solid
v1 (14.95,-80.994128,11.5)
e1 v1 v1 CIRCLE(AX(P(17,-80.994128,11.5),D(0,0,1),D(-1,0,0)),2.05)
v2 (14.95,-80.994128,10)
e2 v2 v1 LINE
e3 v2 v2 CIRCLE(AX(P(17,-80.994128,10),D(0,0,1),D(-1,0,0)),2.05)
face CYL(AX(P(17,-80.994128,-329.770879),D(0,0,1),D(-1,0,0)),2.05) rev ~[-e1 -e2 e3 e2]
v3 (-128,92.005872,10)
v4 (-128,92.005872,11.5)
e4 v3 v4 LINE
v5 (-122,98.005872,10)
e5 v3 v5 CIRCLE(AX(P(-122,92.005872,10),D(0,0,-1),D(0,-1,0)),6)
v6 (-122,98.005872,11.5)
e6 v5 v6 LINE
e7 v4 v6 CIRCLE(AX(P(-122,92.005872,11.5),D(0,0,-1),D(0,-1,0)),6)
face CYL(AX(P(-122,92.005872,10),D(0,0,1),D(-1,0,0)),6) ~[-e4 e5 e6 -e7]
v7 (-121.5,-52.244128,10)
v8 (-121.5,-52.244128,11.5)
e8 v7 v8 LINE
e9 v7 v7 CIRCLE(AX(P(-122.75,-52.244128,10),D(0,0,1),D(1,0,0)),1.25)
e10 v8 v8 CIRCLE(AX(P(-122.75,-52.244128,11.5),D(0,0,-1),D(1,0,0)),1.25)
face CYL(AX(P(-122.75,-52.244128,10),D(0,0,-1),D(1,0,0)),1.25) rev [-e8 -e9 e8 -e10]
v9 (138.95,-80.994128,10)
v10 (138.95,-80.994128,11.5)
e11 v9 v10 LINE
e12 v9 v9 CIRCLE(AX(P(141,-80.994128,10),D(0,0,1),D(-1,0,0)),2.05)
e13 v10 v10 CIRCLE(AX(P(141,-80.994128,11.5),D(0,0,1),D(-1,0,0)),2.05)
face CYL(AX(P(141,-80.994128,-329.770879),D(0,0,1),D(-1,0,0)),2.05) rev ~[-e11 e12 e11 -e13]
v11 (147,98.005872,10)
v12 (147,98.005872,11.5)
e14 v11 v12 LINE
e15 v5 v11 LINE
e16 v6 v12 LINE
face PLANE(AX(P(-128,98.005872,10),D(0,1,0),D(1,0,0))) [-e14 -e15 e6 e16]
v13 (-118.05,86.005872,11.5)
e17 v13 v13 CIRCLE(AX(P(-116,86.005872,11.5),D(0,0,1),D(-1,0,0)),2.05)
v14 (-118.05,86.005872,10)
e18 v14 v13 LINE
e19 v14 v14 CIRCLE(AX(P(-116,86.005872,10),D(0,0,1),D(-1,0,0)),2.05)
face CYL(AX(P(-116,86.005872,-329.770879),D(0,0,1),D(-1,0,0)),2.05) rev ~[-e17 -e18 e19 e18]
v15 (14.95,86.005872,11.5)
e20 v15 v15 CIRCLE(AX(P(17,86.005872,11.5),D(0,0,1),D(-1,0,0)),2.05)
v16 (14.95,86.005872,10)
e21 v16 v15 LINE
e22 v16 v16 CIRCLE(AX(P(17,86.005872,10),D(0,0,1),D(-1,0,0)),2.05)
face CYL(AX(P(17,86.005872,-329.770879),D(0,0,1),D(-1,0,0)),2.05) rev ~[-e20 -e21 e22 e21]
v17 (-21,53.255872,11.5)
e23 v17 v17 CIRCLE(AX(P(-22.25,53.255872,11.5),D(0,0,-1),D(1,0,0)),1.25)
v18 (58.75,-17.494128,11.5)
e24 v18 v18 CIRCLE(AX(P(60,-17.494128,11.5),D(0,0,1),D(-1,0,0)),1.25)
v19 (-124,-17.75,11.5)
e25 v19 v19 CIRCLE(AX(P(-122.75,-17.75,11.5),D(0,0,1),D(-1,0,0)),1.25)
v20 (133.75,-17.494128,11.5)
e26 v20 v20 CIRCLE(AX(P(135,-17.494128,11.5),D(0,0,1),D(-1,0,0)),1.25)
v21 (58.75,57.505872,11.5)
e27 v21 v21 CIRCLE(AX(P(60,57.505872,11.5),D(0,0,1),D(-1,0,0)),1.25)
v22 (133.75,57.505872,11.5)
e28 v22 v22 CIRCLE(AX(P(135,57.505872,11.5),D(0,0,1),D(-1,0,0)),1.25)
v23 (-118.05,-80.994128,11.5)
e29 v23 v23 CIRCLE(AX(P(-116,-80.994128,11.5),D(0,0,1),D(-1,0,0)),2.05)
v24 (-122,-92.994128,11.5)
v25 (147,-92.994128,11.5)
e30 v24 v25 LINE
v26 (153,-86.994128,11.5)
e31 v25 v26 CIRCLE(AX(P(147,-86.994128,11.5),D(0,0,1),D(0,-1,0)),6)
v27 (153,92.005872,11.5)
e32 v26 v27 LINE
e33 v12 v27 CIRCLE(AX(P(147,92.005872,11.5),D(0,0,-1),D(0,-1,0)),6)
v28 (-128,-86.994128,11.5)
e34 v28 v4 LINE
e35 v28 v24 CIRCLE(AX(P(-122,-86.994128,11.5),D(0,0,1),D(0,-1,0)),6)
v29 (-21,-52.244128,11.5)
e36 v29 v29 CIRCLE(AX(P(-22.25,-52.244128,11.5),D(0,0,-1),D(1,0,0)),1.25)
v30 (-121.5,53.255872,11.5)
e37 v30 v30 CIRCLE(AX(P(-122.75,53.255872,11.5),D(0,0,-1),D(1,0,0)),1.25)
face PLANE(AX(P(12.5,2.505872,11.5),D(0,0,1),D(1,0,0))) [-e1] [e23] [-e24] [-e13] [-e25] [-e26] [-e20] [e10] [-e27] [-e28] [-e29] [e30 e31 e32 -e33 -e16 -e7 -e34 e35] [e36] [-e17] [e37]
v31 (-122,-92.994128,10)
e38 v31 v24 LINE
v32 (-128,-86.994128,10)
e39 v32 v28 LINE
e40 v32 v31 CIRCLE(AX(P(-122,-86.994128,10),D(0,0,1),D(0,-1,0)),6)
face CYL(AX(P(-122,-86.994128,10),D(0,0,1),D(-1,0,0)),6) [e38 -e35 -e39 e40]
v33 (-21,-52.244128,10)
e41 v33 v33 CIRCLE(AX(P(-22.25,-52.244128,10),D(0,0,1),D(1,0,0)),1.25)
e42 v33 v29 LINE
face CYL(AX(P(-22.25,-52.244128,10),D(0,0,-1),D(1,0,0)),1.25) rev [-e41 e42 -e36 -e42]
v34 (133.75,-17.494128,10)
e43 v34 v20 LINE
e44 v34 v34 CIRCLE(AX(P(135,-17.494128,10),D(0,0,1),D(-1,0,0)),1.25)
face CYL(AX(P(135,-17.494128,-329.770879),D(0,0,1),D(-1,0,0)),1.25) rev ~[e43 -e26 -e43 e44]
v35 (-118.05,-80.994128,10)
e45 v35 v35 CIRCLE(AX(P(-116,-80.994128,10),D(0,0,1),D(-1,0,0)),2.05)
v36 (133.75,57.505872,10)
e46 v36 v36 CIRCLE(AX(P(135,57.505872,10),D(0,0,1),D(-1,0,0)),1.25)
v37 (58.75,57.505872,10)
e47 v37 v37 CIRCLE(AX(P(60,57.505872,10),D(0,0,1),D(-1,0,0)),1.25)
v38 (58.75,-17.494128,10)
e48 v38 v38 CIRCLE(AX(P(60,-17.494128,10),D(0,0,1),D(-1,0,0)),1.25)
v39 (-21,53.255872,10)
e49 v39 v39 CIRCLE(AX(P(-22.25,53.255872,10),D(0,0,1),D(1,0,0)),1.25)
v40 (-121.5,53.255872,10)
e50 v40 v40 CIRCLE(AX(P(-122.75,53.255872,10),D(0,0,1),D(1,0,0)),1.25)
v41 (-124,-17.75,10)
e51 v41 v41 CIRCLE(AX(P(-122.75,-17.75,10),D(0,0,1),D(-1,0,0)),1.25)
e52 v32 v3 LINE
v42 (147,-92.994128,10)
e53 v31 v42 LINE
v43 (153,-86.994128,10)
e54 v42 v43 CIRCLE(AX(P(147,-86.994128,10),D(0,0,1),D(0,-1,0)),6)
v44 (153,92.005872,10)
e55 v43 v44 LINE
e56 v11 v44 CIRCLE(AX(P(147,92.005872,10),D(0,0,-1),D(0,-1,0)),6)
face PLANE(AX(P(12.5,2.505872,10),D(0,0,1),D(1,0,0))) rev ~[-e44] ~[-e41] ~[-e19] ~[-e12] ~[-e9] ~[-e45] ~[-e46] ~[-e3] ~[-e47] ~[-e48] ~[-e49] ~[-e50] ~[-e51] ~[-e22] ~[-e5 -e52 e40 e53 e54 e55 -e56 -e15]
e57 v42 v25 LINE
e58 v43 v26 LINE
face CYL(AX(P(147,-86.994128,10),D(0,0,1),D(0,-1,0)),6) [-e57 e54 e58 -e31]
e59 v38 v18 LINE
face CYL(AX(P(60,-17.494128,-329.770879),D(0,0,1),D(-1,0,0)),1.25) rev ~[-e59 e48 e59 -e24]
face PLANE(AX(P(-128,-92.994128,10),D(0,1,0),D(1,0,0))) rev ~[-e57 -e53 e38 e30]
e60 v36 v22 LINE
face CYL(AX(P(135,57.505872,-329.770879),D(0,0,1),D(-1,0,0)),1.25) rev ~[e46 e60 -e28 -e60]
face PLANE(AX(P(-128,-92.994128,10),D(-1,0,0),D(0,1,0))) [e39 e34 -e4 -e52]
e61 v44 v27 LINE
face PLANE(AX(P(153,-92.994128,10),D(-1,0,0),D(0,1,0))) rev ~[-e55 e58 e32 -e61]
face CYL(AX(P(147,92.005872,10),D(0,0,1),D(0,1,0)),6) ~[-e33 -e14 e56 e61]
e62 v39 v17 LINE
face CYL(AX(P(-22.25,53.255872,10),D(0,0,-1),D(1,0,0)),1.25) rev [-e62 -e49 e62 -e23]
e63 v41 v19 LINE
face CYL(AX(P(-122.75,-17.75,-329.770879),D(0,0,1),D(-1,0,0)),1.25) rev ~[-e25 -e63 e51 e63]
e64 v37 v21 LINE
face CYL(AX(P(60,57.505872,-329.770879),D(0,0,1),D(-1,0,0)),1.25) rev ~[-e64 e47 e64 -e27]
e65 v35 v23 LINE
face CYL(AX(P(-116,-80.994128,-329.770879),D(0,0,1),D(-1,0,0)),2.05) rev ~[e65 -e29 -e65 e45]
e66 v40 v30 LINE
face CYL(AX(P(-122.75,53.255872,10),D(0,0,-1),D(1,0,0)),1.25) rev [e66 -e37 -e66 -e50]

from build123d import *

# Parameters (mm, degrees)
F0_W     = 281
F0_H     = 191
F0_W_2   = 105
F0_H_2   = 110
F0_H_3   = 150
F0_R     = 1.25
F1_DEPTH = 1.5
F2_DEPTH = 25
F3_D     = 2.5
F4_D     = 4.1
F5_R     = 6


with BuildPart() as f1:
    # F0 (on Top) → F1 (new body)
    with BuildSketch(Plane.XY):
        with Locations((10.5, 2.505872022)):
            Rectangle(F0_W, F0_H)
        with Locations((-74.5, 0.505872022)):
            Rectangle(F0_W_2, F0_H_2, mode=Mode.SUBTRACT)
        with Locations((95.5, 20.005872022)):
            Rectangle(F0_W_2, F0_H_3, mode=Mode.SUBTRACT)
        with Locations((-74.5, 0.505872022)):
            Rectangle(F0_W_2, F0_H_2)
        with Locations((-124.75, -52.244127978)):
            Circle(F0_R, mode=Mode.SUBTRACT)
        with Locations((-24.25, -52.244127978)):
            Circle(F0_R, mode=Mode.SUBTRACT)
        with Locations((-124.75, -17.75)):
            Circle(F0_R, mode=Mode.SUBTRACT)
        with Locations((-124.75, 53.255872022)):
            Circle(F0_R, mode=Mode.SUBTRACT)
        with Locations((-24.25, 53.255872022)):
            Circle(F0_R, mode=Mode.SUBTRACT)
        with Locations((95.5, 20.005872022)):
            Rectangle(F0_W_2, F0_H_3)
        with Locations((-24.25, 53.255872022)):
            Circle(F0_R)
        with Locations((-124.75, 53.255872022)):
            Circle(F0_R)
        with Locations((-124.75, -52.244127978)):
            Circle(F0_R)
        with Locations((-24.25, -52.244127978)):
            Circle(F0_R)
        with Locations((-124.75, -17.75)):
            Circle(F0_R)
    extrude(amount=F1_DEPTH)

    # F0 (on Top) → F2 (cut)
    with BuildSketch(Plane.XY):
        with Locations((-124.75, 53.255872022)):
            Circle(F0_R)
        with Locations((-24.25, 53.255872022)):
            Circle(F0_R)
        with Locations((-24.25, -52.244127978)):
            Circle(F0_R)
        with Locations((-124.75, -52.244127978)):
            Circle(F0_R)
    extrude(amount=F2_DEPTH, mode=Mode.SUBTRACT)

    # F3 (through all)
    with Locations(Plane(origin=(0, 0, 0), x_dir=(1, 0, 0), z_dir=(0, 0, -1))):
        with Locations((133, -57.505872022), (58, -57.505872022), (58, 17.494127978), (133, 17.494127978), (-124.75, 17.75)):
            Hole(F3_D / 2)

    # F4 (through all)
    with Locations(Plane(origin=(0, 0, 0), x_dir=(1, 0, 0), z_dir=(0, 0, -1))):
        with Locations((-118, -86.005872022), (15, -86.005872022), (139, 80.994127978), (-118, 80.994127978), (15, 80.994127978)):
            Hole(F4_D / 2)

    # F5
    f5_edges = [f1.edges().sort_by_distance(p)[0] for p in [
        (-130, 98.005872, 0.75),
        (-130, -92.994128, 0.75),
        (151, -92.994128, 0.75),
        (151, 98.005872, 0.75),
    ]]
    fillet(f5_edges, radius=F5_R)


with BuildPart() as f1_1:
    # F6: moved
    add(f1.part.moved(Location((0, 0, 10))))


with BuildPart() as f1_2:
    # F7: moved
    add(f1_1.part.moved(Location((2, 0, 0))))


solid = f1_2.part
